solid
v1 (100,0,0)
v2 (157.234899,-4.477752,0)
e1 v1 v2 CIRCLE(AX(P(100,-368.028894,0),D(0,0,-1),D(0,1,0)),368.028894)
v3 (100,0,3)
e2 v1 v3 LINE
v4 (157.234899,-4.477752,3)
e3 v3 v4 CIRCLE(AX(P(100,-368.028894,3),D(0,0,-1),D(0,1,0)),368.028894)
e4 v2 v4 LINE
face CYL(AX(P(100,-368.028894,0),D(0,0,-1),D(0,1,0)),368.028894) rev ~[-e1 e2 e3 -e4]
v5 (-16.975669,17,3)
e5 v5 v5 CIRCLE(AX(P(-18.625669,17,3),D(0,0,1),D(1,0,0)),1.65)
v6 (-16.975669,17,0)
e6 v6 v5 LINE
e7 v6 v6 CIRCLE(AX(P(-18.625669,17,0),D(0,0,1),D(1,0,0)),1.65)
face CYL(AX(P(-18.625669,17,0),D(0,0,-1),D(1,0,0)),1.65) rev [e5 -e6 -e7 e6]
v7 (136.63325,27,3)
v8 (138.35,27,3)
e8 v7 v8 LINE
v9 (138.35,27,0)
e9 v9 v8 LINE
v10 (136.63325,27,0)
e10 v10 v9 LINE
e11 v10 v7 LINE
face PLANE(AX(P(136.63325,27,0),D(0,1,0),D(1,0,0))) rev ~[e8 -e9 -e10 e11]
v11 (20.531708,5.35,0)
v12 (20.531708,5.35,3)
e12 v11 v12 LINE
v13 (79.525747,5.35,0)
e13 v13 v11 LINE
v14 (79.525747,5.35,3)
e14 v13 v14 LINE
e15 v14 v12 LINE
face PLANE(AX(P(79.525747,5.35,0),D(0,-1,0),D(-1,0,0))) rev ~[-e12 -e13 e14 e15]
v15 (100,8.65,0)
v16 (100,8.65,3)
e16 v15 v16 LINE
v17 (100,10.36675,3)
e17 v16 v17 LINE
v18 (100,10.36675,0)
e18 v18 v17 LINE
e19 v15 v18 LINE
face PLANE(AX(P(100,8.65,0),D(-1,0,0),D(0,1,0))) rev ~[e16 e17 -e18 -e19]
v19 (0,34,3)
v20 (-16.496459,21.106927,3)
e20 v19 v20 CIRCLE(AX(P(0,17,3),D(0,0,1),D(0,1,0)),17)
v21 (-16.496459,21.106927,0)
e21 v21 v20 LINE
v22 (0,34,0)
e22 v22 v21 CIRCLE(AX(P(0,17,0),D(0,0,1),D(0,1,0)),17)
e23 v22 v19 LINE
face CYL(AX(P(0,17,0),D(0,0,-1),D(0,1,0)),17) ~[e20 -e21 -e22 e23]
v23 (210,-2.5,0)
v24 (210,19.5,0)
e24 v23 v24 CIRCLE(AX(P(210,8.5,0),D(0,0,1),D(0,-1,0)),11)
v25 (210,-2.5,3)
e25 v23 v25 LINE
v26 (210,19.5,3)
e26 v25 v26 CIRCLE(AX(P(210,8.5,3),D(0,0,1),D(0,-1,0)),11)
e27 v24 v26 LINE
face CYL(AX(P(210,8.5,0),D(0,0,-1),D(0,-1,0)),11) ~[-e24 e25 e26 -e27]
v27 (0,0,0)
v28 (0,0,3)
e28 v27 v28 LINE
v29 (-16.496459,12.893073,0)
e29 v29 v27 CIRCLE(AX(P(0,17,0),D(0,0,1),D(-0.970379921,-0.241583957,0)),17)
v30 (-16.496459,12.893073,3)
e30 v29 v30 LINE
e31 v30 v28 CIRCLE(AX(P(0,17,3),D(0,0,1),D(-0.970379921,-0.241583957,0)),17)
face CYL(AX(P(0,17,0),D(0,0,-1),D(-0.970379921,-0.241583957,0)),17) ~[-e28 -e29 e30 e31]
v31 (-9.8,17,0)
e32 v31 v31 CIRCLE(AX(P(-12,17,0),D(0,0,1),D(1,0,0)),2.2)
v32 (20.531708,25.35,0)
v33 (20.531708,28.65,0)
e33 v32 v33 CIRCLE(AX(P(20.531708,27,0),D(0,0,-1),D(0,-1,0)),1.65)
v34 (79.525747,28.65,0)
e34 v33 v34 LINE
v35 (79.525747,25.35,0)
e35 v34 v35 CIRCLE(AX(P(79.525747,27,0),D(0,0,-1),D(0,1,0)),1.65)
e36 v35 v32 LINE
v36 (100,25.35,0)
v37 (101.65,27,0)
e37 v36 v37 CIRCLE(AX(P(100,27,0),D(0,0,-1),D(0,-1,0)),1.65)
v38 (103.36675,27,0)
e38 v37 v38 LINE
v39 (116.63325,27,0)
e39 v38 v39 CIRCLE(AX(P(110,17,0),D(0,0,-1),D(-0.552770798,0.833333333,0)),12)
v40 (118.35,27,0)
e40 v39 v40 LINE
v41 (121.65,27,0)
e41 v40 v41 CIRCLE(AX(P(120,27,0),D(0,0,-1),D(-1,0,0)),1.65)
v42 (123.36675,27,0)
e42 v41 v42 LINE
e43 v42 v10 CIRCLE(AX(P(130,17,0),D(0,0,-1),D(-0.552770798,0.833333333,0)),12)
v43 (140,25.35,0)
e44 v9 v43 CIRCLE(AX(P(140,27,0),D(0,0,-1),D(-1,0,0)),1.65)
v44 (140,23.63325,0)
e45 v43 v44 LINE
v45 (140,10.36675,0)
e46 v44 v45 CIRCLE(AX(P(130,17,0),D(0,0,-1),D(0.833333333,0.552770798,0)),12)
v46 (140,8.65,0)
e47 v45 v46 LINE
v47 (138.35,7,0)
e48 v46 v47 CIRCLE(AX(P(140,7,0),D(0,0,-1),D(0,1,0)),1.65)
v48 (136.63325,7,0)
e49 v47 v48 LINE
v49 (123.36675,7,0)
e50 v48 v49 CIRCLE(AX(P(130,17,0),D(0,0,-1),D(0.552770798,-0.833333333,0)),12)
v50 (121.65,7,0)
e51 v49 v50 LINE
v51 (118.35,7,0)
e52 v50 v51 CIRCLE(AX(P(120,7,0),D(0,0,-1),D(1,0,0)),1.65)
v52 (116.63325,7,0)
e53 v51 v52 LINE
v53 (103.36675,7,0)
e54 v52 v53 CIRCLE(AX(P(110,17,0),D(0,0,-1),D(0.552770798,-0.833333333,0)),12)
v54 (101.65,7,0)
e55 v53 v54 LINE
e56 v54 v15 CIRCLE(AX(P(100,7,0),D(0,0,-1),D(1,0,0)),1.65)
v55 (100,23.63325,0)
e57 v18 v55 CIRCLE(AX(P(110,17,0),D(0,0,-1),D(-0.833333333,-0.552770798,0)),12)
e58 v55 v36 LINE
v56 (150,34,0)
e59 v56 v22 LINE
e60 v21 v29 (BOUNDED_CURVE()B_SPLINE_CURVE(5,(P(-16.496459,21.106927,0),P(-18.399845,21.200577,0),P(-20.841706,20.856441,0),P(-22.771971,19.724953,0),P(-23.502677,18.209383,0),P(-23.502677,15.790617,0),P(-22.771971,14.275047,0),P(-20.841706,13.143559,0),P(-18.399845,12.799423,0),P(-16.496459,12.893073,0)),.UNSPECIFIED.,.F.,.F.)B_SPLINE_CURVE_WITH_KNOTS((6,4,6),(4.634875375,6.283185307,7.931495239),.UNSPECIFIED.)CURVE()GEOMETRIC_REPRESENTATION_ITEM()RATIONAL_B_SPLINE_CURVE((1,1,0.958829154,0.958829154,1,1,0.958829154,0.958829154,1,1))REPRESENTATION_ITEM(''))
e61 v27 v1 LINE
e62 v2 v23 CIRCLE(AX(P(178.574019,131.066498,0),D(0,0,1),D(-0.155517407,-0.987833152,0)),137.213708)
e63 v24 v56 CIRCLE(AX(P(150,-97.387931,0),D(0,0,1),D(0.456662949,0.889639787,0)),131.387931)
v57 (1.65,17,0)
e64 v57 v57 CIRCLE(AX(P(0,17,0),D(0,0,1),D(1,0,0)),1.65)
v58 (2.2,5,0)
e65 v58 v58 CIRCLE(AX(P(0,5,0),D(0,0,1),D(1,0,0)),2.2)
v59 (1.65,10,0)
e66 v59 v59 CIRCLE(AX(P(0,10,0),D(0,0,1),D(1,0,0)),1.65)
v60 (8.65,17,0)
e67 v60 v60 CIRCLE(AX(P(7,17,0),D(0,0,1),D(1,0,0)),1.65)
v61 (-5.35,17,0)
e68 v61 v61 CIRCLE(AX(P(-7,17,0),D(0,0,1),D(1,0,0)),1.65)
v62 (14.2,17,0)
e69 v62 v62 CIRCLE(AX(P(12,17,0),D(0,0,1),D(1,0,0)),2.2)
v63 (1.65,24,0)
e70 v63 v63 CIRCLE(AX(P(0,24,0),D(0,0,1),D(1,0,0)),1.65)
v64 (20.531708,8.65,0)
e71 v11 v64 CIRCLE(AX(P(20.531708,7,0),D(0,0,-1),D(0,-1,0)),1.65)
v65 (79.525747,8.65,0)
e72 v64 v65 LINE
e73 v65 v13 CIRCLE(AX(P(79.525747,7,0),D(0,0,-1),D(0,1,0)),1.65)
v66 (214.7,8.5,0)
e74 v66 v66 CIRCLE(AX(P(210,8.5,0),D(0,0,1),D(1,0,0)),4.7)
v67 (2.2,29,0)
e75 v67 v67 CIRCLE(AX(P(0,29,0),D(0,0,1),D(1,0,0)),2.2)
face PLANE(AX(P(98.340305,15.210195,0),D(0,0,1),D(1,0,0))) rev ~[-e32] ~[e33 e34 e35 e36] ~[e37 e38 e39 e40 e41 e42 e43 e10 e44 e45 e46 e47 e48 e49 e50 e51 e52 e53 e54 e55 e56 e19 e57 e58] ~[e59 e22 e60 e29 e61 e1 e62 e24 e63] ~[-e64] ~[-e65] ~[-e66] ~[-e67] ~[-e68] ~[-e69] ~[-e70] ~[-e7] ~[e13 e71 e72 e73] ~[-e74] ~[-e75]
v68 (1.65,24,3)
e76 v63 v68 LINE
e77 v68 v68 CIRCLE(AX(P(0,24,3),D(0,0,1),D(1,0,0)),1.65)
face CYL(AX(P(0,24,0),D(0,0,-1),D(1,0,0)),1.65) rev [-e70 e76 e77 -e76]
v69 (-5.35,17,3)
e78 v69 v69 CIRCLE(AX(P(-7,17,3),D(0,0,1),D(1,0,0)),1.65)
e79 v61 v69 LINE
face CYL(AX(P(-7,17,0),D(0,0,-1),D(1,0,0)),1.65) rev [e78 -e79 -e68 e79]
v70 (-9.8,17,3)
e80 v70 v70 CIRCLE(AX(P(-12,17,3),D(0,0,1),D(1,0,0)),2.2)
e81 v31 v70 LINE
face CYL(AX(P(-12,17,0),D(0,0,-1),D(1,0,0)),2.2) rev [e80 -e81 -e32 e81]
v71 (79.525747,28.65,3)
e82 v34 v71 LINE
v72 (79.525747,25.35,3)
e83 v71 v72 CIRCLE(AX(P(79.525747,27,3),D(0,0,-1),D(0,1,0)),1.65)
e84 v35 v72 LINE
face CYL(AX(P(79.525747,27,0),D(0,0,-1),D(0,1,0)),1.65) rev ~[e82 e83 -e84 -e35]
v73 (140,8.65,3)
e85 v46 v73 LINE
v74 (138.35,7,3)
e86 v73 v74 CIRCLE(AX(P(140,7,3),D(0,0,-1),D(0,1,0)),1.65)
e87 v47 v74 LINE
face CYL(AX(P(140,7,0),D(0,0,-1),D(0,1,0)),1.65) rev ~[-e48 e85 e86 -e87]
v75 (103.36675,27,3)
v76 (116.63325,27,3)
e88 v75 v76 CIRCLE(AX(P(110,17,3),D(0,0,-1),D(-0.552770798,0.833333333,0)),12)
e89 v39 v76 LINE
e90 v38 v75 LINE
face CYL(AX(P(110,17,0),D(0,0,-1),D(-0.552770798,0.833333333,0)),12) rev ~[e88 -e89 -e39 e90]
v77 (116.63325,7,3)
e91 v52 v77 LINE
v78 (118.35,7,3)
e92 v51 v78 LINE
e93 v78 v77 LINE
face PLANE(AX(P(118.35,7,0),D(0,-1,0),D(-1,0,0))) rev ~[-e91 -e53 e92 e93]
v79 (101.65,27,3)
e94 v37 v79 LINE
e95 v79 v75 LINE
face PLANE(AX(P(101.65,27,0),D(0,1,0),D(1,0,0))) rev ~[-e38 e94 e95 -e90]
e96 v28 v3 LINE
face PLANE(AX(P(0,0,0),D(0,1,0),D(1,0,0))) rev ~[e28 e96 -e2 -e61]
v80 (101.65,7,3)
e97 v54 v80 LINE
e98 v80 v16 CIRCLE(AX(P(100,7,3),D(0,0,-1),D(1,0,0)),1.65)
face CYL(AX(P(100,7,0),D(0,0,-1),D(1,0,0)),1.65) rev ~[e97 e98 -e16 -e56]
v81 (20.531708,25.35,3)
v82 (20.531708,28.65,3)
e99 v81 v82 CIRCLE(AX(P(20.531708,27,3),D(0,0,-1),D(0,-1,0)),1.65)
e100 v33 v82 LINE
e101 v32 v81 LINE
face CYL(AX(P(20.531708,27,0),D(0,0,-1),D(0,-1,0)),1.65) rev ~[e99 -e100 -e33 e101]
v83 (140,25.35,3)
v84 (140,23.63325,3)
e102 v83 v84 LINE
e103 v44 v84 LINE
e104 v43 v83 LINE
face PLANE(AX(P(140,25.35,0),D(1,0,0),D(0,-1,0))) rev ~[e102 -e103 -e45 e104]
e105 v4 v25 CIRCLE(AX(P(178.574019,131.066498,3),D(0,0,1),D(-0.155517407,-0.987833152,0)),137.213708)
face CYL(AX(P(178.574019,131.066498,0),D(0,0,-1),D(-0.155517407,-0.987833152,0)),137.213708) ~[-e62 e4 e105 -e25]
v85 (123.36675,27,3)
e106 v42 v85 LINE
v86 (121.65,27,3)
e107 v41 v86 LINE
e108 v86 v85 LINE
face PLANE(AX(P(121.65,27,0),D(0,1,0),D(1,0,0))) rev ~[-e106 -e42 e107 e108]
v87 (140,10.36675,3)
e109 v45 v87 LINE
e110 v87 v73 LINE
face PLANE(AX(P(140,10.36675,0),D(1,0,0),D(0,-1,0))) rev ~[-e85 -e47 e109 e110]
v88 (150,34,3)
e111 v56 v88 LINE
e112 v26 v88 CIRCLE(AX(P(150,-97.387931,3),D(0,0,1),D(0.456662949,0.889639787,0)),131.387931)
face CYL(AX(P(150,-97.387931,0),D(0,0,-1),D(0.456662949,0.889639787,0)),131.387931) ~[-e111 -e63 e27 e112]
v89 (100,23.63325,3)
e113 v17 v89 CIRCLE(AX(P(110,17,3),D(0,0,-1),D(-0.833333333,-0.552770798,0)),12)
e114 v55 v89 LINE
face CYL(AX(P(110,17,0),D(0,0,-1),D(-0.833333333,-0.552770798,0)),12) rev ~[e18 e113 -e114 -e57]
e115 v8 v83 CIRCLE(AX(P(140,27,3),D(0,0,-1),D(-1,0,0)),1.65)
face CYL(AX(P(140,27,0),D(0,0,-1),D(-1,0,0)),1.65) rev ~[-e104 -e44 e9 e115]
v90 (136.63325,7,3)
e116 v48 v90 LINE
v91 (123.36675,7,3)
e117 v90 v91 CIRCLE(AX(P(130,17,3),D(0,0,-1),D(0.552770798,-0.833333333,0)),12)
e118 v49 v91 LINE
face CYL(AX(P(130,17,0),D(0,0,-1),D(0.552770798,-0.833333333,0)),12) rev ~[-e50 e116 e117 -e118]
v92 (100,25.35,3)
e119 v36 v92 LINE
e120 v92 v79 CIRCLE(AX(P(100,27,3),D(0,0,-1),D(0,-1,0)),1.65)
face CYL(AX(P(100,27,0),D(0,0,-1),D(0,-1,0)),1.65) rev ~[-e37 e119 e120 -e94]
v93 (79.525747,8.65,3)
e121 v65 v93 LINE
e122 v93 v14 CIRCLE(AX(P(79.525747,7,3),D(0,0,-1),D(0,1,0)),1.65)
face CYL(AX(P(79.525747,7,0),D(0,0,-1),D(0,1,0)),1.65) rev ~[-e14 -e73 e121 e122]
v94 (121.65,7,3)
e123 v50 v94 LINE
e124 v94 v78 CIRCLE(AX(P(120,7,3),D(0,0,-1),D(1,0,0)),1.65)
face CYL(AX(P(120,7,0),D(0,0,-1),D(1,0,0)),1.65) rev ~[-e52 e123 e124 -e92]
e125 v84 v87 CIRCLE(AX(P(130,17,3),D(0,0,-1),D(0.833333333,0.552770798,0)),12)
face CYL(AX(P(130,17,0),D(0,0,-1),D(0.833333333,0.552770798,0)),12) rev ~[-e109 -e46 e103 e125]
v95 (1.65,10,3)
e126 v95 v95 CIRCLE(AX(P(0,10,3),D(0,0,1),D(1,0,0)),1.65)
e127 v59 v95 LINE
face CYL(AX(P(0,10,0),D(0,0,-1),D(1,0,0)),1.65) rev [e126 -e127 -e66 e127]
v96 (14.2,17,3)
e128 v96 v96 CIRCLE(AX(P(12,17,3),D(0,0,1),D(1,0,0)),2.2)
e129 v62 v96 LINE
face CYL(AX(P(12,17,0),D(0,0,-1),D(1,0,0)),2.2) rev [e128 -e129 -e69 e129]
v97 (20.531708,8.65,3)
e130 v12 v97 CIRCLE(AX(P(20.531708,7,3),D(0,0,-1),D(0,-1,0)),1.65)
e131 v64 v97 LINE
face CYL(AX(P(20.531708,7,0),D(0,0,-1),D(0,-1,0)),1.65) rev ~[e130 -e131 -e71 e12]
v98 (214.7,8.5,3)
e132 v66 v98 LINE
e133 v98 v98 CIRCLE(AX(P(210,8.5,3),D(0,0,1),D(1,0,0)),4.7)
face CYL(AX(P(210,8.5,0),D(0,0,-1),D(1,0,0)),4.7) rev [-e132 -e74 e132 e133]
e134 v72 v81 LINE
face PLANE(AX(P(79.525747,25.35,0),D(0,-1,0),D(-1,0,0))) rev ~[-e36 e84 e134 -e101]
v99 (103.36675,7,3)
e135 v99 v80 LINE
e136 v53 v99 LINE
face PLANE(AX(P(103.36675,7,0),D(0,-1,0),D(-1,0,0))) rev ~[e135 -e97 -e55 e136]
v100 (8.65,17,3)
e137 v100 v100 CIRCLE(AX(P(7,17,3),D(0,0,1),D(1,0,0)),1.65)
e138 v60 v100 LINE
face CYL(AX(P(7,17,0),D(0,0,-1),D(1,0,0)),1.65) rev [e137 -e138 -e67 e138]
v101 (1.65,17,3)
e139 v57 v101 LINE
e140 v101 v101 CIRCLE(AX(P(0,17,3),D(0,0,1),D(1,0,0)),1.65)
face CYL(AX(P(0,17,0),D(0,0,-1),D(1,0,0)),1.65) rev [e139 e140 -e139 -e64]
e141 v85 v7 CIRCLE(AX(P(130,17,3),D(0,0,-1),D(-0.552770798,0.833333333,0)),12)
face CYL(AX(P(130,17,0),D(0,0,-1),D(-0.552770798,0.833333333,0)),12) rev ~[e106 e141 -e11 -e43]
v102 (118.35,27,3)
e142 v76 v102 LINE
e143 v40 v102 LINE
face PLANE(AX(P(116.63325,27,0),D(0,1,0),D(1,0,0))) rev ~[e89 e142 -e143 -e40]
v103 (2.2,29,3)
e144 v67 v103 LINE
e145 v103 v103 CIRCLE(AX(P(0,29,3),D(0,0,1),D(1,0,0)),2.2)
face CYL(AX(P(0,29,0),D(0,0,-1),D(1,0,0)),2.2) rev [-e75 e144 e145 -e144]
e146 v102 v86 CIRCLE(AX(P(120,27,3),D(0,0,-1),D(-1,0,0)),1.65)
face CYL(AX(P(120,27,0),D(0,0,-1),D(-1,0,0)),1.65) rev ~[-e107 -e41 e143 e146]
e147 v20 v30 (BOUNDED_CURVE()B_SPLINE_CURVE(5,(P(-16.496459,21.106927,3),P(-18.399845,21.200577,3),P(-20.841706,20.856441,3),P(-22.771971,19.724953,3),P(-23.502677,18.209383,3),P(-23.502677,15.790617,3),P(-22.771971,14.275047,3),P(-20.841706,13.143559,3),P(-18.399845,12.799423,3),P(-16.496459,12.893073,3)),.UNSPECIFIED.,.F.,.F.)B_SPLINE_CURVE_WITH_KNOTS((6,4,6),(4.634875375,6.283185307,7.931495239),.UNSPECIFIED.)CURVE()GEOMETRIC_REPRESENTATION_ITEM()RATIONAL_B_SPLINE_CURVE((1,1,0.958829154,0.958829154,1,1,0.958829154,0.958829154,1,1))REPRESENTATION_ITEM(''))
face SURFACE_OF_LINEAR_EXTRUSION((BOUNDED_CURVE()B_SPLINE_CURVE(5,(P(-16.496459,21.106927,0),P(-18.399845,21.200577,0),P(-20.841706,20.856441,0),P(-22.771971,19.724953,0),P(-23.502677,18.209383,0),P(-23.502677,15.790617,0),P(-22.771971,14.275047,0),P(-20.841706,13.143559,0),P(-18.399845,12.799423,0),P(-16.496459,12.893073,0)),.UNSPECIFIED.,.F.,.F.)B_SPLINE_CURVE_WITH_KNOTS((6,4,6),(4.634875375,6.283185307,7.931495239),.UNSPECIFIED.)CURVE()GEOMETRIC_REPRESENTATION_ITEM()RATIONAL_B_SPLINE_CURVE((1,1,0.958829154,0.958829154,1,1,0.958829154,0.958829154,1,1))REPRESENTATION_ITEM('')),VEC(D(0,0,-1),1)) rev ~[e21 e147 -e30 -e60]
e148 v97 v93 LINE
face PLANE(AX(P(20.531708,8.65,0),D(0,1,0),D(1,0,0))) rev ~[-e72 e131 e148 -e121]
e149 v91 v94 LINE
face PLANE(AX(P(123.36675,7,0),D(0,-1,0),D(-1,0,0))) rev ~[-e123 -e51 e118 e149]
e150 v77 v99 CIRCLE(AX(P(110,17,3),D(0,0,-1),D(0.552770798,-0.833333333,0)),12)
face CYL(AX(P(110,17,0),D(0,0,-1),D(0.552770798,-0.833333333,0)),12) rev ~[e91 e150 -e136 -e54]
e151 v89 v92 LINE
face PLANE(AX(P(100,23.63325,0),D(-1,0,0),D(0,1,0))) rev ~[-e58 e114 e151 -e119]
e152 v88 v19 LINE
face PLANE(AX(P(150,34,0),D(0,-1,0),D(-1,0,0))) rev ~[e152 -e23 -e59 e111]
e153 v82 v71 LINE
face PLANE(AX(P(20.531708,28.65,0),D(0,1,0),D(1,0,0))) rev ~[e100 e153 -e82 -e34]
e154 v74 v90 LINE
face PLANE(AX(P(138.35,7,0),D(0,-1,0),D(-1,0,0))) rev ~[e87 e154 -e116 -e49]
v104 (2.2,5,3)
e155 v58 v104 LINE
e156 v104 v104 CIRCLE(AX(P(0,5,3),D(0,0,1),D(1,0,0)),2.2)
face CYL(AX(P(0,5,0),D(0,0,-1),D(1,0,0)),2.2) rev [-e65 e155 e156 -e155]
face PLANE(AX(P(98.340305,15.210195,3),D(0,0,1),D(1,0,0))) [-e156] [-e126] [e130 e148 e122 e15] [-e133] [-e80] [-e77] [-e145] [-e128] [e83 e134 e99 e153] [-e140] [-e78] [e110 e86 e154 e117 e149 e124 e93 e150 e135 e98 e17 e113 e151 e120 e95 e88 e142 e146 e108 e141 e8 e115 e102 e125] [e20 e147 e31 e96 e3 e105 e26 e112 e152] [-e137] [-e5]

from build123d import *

# Parameters (mm, degrees)
SKETCH_1_R      = 1.65
SKETCH_1_R_2    = 2.2
SKETCH_1_R_3    = 4.7
EXTRUDE_2_DEPTH = 3
SKETCH_2_R      = 5.981334021
SKETCH_2_R_2    = 5
EXTRUDE_3_DEPTH = 3


with BuildPart() as part:
    # 草图1 → 凸台-拉伸2 (new body)
    with BuildSketch(Plane.XY):
        with BuildLine():
            ThreePointArc((-16.496458662, 12.893072729), (-10.468577659, 3.605639926), (0, 0))
            Line((0, 0), (100, 0))
            ThreePointArc((100, 0), (128.704894857, -1.12114561), (157.234899277, -4.47775163))
            ThreePointArc((157.234899277, -4.47775163), (183.713480844, -6.050924628), (210, -2.5))
            ThreePointArc((210, -2.5), (221, 8.5), (210, 19.5))
            ThreePointArc((210, 19.5), (180.86361126, 30.323563834), (150, 34))
            Line((150, 34), (0, 34))
            ThreePointArc((0, 34), (-10.468577659, 30.394360075), (-16.496458662, 21.106927271))
            add(Edge.make_bspline(
                [(-16.496458662, 21.106927271), (-23.502676935, 21.451644876), (-23.502676935, 17)],
                knots=[4.634875375, 4.634875375, 4.634875375, 6.283185307, 6.283185307, 6.283185307], degree=2, weights=[1, 0.679177441, 1]))
            add(Edge.make_bspline(
                [(-23.502676935, 17), (-23.502676935, 12.548355124), (-16.496458662, 12.893072729)],
                knots=[0, 0, 0, 1.648309932, 1.648309932, 1.648309932], degree=2, weights=[1, 0.679177441, 1]))
        make_face()
        with Locations((0, 17)):
            Circle(SKETCH_1_R, mode=Mode.SUBTRACT)
        with Locations((0, 10)):
            Circle(SKETCH_1_R, mode=Mode.SUBTRACT)
        with Locations((0, 5)):
            Circle(SKETCH_1_R_2, mode=Mode.SUBTRACT)
        with Locations((0, 29)):
            Circle(SKETCH_1_R_2, mode=Mode.SUBTRACT)
        with Locations((0, 24)):
            Circle(SKETCH_1_R, mode=Mode.SUBTRACT)
        with Locations((-7, 17)):
            Circle(SKETCH_1_R, mode=Mode.SUBTRACT)
        with Locations((-18.625669234, 17)):
            Circle(SKETCH_1_R, mode=Mode.SUBTRACT)
        with Locations((210, 8.5)):
            Circle(SKETCH_1_R_3, mode=Mode.SUBTRACT)
        with BuildLine():
            Line((140, 10.366750419), (140, 8.65))
            ThreePointArc((140, 8.65), (141.166726189, 5.833273811), (138.35, 7))
            Line((138.35, 7), (136.633249581, 7))
            ThreePointArc((136.633249581, 7), (130, 5), (123.366750419, 7))
            Line((123.366750419, 7), (121.65, 7))
            ThreePointArc((121.65, 7), (120, 5.35), (118.35, 7))
            Line((118.35, 7), (116.633249581, 7))
            ThreePointArc((116.633249581, 7), (110, 5), (103.366750419, 7))
            Line((103.366750419, 7), (101.65, 7))
            ThreePointArc((101.65, 7), (98.833273811, 5.833273811), (100, 8.65))
            Line((100, 8.65), (100, 10.366750419))
            ThreePointArc((100, 10.366750419), (98, 17), (100, 23.633249581))
            Line((100, 23.633249581), (100, 25.35))
            ThreePointArc((100, 25.35), (98.833273811, 28.166726189), (101.65, 27))
            Line((101.65, 27), (103.366750419, 27))
            ThreePointArc((103.366750419, 27), (110, 29), (116.633249581, 27))
            Line((116.633249581, 27), (118.35, 27))
            ThreePointArc((118.35, 27), (120, 28.65), (121.65, 27))
            Line((121.65, 27), (123.366750419, 27))
            ThreePointArc((123.366750419, 27), (130, 29), (136.633249581, 27))
            Line((136.633249581, 27), (138.35, 27))
            ThreePointArc((138.35, 27), (141.166726189, 28.166726189), (140, 25.35))
            Line((140, 25.35), (140, 23.633249581))
            ThreePointArc((140, 23.633249581), (142, 17), (140, 10.366750419))
        make_face(mode=Mode.SUBTRACT)
        with Locations((-12, 17)):
            Circle(SKETCH_1_R_2, mode=Mode.SUBTRACT)
        with Locations((7, 17)):
            Circle(SKETCH_1_R, mode=Mode.SUBTRACT)
        with Locations((12, 17)):
            Circle(SKETCH_1_R_2, mode=Mode.SUBTRACT)
        with BuildLine():
            Line((20.531708218, 28.65), (79.525747225, 28.65))
            ThreePointArc((79.525747225, 28.65), (81.175747225, 27), (79.525747225, 25.35))
            Line((79.525747225, 25.35), (20.531708218, 25.35))
            ThreePointArc((20.531708218, 25.35), (18.881708218, 27), (20.531708218, 28.65))
        make_face(mode=Mode.SUBTRACT)
        with BuildLine():
            Line((79.525747225, 5.35), (20.531708218, 5.35))
            ThreePointArc((20.531708218, 5.35), (18.881708218, 7), (20.531708218, 8.65))
            Line((20.531708218, 8.65), (79.525747225, 8.65))
            ThreePointArc((79.525747225, 8.65), (81.175747225, 7), (79.525747225, 5.35))
        make_face(mode=Mode.SUBTRACT)
    extrude(amount=EXTRUDE_2_DEPTH)

    # 草图2 → 凸台-拉伸3 (add)
    with BuildSketch(Plane.XY.offset(3)):
        with Locations((210, 8.5)):
            Circle(SKETCH_2_R)
        with Locations((210, 8.5)):
            Circle(SKETCH_2_R_2, mode=Mode.SUBTRACT)
    extrude(amount=-EXTRUDE_3_DEPTH)


solid = part.part
